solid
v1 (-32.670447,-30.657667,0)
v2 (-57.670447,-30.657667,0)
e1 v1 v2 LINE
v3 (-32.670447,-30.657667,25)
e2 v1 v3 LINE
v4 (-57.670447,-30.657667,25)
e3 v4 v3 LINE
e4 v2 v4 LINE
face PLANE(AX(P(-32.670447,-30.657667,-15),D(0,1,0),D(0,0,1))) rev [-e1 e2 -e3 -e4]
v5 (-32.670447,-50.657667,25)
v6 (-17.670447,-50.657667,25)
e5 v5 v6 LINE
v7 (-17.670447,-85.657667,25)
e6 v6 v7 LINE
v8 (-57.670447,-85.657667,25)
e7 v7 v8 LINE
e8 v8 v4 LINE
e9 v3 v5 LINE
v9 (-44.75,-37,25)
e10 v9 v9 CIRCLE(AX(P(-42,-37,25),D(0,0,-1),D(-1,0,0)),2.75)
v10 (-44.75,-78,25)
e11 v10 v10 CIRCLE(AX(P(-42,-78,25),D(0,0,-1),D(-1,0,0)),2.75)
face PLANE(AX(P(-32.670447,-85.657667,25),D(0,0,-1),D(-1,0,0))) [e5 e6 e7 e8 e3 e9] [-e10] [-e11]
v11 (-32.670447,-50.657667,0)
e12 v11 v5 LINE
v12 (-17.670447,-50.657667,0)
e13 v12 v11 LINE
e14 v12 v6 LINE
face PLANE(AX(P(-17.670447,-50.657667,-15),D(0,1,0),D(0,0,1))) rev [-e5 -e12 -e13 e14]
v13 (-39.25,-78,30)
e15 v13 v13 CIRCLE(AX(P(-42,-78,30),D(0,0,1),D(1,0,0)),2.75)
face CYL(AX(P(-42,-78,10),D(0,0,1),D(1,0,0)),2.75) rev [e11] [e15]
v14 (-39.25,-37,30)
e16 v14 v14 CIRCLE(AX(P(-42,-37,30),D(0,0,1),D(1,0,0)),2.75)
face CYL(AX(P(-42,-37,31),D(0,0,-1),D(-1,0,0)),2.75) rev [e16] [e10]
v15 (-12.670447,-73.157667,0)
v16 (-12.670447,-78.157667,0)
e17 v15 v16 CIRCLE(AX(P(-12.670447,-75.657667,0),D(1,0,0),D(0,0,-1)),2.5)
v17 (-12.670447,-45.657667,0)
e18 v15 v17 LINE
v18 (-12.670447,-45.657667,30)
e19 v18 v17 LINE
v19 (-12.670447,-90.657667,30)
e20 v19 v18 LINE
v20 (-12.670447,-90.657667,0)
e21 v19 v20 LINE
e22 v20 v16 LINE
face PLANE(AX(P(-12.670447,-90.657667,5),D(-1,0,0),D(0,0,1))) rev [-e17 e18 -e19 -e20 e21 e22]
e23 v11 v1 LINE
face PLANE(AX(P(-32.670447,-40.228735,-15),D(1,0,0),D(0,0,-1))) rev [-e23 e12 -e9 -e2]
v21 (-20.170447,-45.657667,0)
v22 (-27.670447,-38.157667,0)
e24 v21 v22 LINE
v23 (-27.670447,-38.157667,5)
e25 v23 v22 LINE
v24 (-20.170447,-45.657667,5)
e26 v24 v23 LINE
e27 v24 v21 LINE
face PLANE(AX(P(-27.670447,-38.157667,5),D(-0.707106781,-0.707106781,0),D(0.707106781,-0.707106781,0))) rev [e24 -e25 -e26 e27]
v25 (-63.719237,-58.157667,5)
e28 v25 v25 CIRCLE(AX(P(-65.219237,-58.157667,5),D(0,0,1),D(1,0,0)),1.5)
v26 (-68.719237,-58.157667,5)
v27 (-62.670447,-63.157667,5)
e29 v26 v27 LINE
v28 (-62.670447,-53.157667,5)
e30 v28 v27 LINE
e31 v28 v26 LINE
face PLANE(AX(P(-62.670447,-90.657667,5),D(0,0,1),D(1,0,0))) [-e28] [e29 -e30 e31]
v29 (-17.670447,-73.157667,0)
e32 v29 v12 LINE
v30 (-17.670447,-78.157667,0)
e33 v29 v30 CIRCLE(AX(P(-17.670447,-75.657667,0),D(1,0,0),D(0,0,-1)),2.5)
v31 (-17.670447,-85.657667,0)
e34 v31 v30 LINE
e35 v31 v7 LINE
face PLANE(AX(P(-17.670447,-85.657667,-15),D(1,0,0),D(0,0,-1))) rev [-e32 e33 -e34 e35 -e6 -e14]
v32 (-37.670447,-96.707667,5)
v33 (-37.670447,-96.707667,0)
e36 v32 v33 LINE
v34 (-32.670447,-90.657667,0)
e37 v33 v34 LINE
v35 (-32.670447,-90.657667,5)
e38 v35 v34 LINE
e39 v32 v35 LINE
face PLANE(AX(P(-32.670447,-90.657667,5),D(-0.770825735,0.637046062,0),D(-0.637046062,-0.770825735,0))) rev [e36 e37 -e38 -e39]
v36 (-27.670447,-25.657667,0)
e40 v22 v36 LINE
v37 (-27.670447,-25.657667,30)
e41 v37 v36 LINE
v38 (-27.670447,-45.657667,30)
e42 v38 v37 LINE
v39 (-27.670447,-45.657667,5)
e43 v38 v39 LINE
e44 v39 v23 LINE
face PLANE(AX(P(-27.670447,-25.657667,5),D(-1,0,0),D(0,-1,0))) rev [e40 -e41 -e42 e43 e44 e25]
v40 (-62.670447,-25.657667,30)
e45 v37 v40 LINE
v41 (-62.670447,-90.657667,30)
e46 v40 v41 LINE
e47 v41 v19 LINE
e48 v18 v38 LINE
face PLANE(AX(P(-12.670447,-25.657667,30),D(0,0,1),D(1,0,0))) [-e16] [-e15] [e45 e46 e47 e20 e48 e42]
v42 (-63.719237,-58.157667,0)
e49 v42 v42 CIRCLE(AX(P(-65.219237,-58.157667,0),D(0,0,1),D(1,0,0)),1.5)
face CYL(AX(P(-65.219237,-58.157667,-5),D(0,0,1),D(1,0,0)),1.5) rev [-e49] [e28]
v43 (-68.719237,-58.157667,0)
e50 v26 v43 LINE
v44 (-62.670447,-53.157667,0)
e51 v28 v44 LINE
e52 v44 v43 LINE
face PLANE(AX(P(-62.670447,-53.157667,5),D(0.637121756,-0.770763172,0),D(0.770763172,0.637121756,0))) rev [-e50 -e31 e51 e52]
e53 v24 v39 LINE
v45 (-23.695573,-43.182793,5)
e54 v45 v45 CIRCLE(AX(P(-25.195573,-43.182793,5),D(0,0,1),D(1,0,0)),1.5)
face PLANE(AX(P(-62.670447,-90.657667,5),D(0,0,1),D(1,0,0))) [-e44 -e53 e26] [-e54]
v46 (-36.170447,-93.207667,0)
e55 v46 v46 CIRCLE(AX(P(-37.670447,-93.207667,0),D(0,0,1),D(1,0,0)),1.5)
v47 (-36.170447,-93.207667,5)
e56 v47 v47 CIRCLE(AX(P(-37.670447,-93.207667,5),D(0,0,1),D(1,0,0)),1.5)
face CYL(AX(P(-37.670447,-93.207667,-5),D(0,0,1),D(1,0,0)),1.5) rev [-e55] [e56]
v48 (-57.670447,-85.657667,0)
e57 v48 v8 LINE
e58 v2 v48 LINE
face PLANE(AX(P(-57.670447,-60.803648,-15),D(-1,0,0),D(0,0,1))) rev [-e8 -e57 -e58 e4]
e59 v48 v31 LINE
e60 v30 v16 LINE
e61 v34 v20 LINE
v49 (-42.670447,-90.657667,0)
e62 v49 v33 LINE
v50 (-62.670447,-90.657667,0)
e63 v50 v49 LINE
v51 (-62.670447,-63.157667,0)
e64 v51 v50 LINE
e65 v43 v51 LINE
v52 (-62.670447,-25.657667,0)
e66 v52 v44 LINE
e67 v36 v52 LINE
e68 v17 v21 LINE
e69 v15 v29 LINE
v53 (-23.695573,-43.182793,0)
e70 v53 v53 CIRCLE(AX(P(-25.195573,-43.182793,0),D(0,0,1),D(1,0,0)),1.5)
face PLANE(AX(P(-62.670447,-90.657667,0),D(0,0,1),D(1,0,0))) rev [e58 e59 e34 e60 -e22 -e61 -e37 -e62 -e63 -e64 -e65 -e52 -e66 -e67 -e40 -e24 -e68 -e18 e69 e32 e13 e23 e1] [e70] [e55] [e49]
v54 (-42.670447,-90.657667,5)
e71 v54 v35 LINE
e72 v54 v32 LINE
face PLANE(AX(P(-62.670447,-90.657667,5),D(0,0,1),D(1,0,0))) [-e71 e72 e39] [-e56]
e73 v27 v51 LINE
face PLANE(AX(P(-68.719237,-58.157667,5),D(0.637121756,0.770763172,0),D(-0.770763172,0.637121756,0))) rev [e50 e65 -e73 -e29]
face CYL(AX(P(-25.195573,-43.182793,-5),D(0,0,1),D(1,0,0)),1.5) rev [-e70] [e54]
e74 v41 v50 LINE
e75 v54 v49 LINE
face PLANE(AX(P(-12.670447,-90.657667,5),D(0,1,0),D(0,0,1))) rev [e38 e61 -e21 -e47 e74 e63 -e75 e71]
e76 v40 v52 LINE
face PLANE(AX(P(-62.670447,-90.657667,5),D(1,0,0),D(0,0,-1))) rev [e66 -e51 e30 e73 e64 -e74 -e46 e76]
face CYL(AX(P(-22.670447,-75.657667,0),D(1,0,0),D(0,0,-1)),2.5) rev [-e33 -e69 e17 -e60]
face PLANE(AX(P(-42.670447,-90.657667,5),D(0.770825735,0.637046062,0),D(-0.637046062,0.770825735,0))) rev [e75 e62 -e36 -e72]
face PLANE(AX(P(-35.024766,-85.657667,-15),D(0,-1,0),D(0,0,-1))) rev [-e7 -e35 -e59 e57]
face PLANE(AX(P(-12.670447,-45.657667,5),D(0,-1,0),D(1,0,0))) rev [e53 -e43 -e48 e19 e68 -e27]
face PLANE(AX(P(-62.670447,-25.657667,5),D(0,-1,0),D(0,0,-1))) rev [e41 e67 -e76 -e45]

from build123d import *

# Parameters (mm, degrees)
BASE_EXTRUDE_DEPTH  = 5
SKETCH12_R          = 1.5
CUT_EXTRUDE11_DEPTH = 10
BOSS_EXTRUDE1_DEPTH = 25
CUT_EXTRUDE14_DEPTH = 20
CUT_EXTRUDE15_DEPTH = 20
SKETCH15_R          = 2.75
CUT_EXTRUDE16_DEPTH = 20
SKETCH16_R          = 2.5
EXTRUDE1_DEPTH      = 10
SKETCH17_R          = 2.75
EXTRUDE2_DEPTH      = 6


with BuildPart() as part:
    # Sketch1 → Base-Extrude (new body)
    with BuildSketch(Plane.XY):
        Polygon((-27.670446838, -25.657666931), (-27.670446838, -38.157666931), (-20.170446838, -45.657666931), (-12.670446838, -45.657666931), (-12.670446838, -90.657666931), (-32.670446838, -90.657666931), (-37.670446838, -96.707666931), (-42.670446838, -90.657666931), (-62.670446838, -90.657666931), (-62.670446838, -63.157666931), (-68.719237079, -58.157666931), (-62.670446838, -53.157666931), (-62.670446838, -25.657666931), align=None)
    extrude(amount=BASE_EXTRUDE_DEPTH)

    # Sketch12 → Cut-Extrude11 (cut)
    with BuildSketch(Plane.XY.offset(5)):
        with Locations((-65.219237079, -58.157666931)):
            Circle(SKETCH12_R)
        with Locations((-37.670446838, -93.207666931)):
            Circle(SKETCH12_R)
        with Locations((-25.195573104, -43.182793197)):
            Circle(SKETCH12_R)
    extrude(amount=-CUT_EXTRUDE11_DEPTH, mode=Mode.SUBTRACT)

    # Sketch13 → Boss-Extrude1 (add)
    with BuildSketch(Plane.XY.offset(5)):
        Polygon((-62.670446838, -25.657666931), (-62.670446838, -90.657666931), (-12.670446838, -90.657666931), (-12.670446838, -45.657666931), (-27.670446838, -45.657666931), (-27.670446838, -25.657666931), align=None)
    extrude(amount=BOSS_EXTRUDE1_DEPTH)

    # Sketch2 → Cut-Extrude14 (cut)
    with BuildSketch(Plane.XY.offset(5)):
        Polygon((-57.670446838, -55.511686018), (-57.670446838, -60.803647844), (-57.670446838, -85.657666931), (-40.31612782, -85.657666931), (-35.024765855, -85.657666931), (-17.670446838, -85.657666931), (-17.670446838, -50.657666931), (-22.24151465, -50.657666931), (-32.670446838, -50.657666931), (-32.670446838, -40.228734743), (-32.670446838, -30.657666931), (-57.670446838, -30.657666931), align=None)
    extrude(amount=-CUT_EXTRUDE14_DEPTH, mode=Mode.SUBTRACT)

    # Sketch14 → Cut-Extrude15 (cut)
    with BuildSketch(Plane(origin=(0, 0, 5), x_dir=(-1, 0, 0), z_dir=(0, 0, -1))):
        Polygon((32.670446838, -30.657666931), (57.670446838, -30.657666931), (57.670446838, -85.657666931), (17.670446838, -85.657666931), (17.670446838, -50.657666931), (32.670446838, -50.657666931), align=None)
    extrude(amount=-CUT_EXTRUDE15_DEPTH, mode=Mode.SUBTRACT)

    # Sketch15 → Cut-Extrude16 (cut)
    with BuildSketch(Plane.XY.offset(30)):
        with Locations((45, -75.657666931)):
            Circle(SKETCH15_R)
        with Locations((-42, -78)):
            Circle(SKETCH15_R)
    extrude(amount=-CUT_EXTRUDE16_DEPTH, mode=Mode.SUBTRACT)

    # Sketch16 → Extrude1 (cut)
    with BuildSketch(Plane(origin=(-12.670446838, 0, 0), x_dir=(0, 0, -1), z_dir=(1, 0, 0))):
        with Locations((0, -75.65766693)):
            Circle(SKETCH16_R)
    extrude(amount=-EXTRUDE1_DEPTH, mode=Mode.SUBTRACT)

    # Sketch17 → Extrude2 (cut)
    with BuildSketch(Plane(origin=(0, 0, 25), x_dir=(-1, 0, 0), z_dir=(0, 0, -1))):
        with Locations((42, -37)):
            Circle(SKETCH17_R)
    extrude(amount=-EXTRUDE2_DEPTH, mode=Mode.SUBTRACT)


solid = part.part
